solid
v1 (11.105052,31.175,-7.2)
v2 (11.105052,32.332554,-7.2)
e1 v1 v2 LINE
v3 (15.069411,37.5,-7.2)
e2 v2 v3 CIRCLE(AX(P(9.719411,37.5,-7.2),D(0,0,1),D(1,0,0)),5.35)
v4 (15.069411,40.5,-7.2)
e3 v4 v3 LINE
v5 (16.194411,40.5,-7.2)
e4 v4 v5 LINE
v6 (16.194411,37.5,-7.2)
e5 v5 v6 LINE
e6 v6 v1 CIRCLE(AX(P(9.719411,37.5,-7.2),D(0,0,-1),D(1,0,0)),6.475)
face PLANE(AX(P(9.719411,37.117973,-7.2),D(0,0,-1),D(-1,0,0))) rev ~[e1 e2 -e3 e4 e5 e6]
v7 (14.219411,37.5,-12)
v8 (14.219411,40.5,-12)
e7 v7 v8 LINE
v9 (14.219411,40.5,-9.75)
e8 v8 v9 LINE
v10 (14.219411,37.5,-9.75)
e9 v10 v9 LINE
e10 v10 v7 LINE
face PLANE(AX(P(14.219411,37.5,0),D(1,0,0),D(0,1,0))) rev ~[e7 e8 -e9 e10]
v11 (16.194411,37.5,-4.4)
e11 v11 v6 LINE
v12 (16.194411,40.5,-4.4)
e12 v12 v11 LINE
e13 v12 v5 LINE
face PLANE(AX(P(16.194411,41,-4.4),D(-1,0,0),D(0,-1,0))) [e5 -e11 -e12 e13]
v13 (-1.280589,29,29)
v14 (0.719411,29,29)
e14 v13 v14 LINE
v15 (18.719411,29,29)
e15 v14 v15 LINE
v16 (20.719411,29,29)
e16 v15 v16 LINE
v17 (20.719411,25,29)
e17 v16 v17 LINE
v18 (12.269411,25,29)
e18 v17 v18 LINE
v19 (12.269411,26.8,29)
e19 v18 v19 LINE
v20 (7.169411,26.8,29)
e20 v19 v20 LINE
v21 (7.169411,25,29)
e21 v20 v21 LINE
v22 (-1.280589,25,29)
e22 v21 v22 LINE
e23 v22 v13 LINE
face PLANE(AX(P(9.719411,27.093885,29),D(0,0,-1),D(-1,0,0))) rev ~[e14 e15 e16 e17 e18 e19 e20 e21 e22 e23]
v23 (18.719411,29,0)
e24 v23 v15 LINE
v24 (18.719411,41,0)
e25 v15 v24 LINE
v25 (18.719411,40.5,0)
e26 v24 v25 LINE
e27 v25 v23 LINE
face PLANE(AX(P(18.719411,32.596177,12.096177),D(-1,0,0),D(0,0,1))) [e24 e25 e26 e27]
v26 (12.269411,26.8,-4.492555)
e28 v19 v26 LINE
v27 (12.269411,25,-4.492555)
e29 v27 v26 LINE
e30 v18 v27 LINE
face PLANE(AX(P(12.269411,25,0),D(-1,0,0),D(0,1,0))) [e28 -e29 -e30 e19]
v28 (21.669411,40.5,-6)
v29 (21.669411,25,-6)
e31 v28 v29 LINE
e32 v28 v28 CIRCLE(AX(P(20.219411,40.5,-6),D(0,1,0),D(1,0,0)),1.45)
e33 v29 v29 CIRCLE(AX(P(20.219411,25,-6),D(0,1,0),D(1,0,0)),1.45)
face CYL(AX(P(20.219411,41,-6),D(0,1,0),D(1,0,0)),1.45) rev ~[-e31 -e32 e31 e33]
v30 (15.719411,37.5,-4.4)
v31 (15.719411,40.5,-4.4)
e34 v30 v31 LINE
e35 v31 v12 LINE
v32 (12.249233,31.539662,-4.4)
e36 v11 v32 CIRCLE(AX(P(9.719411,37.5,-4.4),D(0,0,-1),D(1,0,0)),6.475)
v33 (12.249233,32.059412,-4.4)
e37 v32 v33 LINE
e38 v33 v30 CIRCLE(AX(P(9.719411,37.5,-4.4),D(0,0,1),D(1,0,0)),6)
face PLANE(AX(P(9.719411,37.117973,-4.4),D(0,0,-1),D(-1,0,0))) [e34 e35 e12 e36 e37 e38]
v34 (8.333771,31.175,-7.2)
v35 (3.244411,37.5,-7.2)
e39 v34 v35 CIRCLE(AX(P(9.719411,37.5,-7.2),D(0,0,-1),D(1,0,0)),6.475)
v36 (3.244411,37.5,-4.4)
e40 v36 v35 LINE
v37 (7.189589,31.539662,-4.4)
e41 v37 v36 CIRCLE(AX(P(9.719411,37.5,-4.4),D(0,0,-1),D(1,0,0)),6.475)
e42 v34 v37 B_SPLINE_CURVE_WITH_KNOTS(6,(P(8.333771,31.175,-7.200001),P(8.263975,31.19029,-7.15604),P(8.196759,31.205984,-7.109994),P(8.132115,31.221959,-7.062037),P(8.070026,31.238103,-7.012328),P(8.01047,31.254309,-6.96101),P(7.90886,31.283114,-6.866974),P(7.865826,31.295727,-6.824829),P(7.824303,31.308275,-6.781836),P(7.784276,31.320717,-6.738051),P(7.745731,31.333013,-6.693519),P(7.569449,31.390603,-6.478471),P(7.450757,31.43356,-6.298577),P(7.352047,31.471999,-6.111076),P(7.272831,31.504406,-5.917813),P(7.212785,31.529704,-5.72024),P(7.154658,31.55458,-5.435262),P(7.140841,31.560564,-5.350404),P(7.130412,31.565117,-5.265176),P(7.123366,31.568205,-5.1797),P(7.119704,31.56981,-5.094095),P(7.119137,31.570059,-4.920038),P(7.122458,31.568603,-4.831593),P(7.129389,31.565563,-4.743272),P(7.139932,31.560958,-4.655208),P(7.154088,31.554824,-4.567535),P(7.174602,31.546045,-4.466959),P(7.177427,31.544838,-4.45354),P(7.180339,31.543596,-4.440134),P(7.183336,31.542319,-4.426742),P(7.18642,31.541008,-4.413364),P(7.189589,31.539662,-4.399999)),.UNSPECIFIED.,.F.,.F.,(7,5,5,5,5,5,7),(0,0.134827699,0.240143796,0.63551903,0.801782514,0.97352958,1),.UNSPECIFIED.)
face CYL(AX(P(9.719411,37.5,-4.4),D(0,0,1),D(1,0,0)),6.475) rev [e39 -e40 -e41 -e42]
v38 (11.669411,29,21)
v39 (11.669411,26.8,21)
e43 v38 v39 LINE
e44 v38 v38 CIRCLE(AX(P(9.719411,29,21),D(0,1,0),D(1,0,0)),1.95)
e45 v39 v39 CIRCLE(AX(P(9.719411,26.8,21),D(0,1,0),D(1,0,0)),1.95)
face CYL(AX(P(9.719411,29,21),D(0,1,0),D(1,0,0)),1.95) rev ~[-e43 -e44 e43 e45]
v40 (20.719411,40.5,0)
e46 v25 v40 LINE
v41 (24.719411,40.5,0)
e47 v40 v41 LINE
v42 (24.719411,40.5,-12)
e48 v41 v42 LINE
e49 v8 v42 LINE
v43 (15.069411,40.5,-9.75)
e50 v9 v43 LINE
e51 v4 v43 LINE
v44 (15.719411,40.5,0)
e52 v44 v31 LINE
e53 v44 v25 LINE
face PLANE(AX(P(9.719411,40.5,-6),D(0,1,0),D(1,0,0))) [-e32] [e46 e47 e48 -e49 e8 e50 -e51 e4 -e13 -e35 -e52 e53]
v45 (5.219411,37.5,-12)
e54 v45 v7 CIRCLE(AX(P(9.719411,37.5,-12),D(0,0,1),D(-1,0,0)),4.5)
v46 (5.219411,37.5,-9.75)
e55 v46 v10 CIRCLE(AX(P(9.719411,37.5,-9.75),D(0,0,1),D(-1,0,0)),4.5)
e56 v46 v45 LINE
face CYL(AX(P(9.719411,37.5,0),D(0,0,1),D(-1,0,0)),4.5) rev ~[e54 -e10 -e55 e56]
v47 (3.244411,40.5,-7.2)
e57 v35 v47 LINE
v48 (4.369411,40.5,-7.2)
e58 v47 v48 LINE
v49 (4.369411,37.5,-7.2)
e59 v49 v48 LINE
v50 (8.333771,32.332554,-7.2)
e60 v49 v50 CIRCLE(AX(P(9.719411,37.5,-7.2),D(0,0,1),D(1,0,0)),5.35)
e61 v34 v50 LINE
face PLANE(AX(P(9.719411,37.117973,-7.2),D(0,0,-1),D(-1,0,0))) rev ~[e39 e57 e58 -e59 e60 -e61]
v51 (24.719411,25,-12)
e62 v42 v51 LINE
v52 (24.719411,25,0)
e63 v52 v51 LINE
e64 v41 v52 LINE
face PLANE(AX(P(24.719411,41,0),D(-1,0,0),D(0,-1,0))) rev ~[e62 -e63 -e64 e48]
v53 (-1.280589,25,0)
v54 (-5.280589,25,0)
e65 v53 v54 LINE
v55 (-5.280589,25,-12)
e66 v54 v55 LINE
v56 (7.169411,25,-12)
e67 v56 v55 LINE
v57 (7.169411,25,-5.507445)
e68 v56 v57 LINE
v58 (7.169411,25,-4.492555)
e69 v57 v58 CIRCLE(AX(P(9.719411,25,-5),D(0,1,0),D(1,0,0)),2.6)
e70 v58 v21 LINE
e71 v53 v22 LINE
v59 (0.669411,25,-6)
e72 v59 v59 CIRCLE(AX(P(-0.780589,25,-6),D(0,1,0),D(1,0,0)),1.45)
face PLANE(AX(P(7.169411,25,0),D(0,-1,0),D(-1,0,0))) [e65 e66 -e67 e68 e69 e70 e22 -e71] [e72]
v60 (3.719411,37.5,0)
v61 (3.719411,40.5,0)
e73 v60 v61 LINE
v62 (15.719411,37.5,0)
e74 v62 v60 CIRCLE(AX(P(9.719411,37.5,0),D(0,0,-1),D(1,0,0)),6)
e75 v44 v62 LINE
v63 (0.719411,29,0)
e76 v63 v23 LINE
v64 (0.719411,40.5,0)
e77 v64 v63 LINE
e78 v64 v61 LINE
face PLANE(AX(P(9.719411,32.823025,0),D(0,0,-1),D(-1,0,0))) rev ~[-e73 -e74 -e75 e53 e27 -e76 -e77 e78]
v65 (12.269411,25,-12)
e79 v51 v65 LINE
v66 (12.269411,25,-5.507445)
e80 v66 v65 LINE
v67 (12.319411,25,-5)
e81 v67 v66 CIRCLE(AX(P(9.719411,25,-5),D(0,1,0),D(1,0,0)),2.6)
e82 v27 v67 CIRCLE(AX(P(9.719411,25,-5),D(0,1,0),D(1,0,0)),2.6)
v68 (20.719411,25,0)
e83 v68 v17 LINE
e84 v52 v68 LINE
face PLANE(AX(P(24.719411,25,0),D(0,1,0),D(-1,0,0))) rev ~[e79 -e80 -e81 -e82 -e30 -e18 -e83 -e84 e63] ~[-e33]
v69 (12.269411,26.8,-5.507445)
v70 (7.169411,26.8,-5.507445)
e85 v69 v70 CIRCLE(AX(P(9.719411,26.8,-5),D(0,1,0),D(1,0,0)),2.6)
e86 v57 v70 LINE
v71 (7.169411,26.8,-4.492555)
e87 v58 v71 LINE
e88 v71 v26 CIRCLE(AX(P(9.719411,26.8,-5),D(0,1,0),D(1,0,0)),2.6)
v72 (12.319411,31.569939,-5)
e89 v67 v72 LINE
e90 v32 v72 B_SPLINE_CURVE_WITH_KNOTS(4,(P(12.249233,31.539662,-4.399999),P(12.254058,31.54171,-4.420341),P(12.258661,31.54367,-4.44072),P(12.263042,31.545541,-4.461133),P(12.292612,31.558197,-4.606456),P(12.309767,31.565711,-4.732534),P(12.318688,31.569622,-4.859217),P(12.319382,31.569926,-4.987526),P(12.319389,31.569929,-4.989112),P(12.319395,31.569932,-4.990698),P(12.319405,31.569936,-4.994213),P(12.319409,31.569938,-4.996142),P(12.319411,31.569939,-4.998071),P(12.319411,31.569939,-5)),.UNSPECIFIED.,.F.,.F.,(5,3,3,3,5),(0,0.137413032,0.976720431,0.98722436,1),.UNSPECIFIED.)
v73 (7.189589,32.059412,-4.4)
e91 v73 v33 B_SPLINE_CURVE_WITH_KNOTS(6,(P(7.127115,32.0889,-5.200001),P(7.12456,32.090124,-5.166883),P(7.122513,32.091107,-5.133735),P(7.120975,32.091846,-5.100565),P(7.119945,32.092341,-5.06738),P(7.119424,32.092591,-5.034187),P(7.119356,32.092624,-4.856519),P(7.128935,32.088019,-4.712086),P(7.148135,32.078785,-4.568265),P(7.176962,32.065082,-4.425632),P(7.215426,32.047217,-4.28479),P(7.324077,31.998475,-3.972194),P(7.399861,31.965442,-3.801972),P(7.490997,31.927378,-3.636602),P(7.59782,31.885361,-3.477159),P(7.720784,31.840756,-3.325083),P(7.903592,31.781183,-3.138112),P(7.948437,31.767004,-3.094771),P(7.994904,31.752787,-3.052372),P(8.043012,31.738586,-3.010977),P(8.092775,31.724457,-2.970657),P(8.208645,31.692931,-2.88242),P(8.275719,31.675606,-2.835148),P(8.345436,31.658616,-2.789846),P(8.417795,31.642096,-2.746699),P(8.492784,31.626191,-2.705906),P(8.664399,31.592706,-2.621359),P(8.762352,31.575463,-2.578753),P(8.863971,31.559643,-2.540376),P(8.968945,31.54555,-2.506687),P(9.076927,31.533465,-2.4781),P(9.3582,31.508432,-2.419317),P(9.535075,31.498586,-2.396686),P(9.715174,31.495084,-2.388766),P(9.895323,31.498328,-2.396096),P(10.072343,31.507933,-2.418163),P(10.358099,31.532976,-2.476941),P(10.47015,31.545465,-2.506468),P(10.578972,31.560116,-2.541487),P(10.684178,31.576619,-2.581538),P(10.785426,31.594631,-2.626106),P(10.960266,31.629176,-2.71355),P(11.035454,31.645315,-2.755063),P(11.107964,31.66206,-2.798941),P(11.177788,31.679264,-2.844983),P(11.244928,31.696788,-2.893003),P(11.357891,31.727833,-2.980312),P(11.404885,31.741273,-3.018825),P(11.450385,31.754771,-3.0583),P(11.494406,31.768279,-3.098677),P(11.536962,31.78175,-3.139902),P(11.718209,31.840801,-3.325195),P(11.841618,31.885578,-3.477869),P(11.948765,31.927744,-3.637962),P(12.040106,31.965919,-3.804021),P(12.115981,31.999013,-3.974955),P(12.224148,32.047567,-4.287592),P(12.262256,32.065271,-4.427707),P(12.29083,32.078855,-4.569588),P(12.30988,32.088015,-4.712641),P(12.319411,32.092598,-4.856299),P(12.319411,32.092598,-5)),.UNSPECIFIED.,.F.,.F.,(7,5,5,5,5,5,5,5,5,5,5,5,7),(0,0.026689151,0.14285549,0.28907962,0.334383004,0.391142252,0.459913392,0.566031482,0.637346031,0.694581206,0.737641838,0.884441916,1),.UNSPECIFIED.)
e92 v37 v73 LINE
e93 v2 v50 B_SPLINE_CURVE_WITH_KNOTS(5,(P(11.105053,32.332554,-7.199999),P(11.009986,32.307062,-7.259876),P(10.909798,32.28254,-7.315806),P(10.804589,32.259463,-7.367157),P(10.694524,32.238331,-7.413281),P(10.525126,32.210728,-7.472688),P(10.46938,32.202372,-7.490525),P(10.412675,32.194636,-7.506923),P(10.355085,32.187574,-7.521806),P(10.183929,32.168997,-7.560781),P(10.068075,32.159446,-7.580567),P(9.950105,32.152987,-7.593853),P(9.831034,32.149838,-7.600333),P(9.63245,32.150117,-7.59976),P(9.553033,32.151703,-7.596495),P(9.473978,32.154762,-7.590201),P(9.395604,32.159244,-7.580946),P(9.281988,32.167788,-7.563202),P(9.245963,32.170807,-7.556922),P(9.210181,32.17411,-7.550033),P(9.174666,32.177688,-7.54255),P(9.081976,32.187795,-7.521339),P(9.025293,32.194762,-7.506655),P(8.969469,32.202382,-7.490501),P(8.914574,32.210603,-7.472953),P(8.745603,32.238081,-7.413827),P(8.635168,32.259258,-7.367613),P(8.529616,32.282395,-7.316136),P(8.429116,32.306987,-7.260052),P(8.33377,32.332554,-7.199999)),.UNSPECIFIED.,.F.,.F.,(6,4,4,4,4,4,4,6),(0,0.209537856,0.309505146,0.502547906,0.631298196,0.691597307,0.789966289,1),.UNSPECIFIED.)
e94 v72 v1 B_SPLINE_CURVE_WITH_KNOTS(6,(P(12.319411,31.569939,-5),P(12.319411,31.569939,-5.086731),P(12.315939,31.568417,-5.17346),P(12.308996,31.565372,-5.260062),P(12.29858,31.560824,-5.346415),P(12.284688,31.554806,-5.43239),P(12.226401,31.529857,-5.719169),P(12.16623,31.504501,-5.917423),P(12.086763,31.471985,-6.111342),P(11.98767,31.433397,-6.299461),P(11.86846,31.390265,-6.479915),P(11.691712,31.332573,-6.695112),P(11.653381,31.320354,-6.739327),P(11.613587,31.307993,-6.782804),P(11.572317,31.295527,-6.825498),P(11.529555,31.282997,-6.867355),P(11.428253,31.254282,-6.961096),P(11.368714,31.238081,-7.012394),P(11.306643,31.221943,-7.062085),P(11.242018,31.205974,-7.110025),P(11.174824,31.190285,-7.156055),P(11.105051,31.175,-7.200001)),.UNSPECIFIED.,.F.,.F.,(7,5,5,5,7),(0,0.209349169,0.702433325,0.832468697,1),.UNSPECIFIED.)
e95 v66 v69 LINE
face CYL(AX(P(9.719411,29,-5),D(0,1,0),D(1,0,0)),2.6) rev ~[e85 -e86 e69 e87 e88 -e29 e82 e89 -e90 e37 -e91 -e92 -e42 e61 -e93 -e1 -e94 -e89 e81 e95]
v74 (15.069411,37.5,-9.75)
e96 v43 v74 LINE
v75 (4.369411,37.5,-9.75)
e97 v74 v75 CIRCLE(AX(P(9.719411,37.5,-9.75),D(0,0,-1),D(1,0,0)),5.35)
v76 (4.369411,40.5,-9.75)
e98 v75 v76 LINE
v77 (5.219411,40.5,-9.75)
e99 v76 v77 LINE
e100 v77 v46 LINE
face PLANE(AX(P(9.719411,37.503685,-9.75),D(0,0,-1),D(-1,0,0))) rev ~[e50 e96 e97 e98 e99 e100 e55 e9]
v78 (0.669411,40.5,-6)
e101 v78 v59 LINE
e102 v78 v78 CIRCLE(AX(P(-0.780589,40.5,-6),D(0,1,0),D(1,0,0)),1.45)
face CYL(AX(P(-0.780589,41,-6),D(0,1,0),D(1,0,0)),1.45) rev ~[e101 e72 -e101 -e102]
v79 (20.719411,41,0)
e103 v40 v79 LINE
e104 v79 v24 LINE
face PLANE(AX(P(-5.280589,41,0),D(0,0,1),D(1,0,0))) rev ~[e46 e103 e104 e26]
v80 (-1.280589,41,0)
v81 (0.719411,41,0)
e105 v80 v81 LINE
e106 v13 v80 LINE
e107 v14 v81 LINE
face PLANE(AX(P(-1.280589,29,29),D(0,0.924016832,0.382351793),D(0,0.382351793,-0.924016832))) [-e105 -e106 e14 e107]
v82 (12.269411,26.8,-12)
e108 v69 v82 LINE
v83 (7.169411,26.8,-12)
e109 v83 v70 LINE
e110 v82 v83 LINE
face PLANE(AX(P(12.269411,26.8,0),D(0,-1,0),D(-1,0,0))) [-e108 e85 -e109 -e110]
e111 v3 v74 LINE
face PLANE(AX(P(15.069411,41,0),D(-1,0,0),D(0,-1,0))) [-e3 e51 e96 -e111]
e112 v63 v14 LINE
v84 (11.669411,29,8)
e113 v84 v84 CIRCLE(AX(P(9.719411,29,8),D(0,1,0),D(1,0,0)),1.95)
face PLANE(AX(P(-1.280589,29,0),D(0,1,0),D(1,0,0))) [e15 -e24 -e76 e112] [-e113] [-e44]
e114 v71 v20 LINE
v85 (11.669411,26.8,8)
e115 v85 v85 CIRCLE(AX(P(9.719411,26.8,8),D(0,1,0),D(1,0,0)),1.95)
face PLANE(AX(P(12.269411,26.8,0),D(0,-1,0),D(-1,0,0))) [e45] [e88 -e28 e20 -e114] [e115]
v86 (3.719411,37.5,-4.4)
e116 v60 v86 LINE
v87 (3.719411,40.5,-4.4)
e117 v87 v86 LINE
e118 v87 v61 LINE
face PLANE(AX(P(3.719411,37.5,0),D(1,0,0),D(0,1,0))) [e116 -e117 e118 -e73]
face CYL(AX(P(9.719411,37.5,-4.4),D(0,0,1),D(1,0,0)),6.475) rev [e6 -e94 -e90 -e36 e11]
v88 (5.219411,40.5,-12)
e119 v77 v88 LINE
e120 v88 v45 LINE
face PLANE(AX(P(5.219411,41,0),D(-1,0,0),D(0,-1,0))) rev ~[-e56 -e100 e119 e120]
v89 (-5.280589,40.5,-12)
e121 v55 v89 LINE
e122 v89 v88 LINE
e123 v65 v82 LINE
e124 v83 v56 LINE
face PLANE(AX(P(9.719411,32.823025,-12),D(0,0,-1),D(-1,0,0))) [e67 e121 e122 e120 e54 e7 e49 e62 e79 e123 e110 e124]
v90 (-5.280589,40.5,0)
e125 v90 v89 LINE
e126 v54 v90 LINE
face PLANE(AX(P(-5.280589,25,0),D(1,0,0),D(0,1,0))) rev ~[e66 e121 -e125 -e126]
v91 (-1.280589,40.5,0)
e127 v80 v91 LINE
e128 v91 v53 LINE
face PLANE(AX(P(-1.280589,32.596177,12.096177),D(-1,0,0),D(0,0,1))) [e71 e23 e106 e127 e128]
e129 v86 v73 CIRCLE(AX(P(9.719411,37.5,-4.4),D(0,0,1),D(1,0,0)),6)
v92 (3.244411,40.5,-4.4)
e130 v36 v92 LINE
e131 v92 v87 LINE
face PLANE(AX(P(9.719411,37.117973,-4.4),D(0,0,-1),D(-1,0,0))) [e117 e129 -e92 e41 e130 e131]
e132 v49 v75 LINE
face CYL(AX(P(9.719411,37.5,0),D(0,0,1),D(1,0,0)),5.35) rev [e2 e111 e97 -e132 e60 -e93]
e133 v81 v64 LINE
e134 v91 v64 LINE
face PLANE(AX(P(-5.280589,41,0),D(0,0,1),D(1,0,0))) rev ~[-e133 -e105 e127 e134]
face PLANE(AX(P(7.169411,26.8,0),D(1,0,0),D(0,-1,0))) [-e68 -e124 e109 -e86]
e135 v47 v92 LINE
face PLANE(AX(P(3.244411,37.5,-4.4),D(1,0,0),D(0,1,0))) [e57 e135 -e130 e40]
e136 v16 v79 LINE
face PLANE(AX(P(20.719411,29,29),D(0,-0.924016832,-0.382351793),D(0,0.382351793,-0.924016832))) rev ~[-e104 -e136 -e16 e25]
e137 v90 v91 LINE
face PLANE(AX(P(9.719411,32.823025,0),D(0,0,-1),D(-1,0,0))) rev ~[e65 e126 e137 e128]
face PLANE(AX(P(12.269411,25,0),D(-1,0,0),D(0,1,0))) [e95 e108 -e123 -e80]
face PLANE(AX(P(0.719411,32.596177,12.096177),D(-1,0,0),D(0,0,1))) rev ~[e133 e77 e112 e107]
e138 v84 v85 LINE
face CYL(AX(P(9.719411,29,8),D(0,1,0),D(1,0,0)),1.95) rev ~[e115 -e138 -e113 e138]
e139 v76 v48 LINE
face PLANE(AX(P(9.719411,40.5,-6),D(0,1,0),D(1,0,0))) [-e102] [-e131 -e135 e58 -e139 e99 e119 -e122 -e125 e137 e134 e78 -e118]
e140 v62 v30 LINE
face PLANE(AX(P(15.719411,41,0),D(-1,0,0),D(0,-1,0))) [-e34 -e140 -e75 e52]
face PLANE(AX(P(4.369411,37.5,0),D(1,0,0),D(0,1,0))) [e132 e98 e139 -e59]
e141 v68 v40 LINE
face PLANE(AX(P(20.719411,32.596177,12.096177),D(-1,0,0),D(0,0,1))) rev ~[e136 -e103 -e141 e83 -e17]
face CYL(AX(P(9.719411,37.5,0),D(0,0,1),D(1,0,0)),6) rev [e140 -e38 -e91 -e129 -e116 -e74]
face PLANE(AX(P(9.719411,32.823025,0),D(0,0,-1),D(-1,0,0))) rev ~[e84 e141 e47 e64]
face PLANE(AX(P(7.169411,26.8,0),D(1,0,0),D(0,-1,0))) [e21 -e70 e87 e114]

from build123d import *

# Parameters (mm, degrees)
BOSS_EXTRUDE1_DEPTH = 12
CUT_EXTRUDE1_DEPTH  = 9.75
CUT_EXTRUDE4_START  = -4.4
CUT_EXTRUDE4_DEPTH  = 2.8
SKETCH3_R           = 1.45
CUT_EXTRUDE2_DEPTH  = 18
BOSS_EXTRUDE2_DEPTH = 29
SKETCH5_R           = 1.95
SKETCH5_R_2         = 2.6
CUT_EXTRUDE3_DEPTH  = 14.5
BOSS_EXTRUDE3_DEPTH = 2
BOSS_EXTRUDE4_START = -22
BOSS_EXTRUDE4_DEPTH = 2
CUT_EXTRUDE5_DEPTH  = 5.2
SKETCH9_W           = 30
SKETCH9_H           = 12
CUT_EXTRUDE6_DEPTH  = 0.5


with BuildPart() as part:
    # Sketch1 → Boss-Extrude1 (new body)
    with BuildSketch(Plane.XY):
        with BuildLine():
            Line((-5.280588843, 25), (-5.280588843, 41))
            Line((-5.280588843, 41), (5.219411157, 41))
            Line((5.219411157, 41), (5.219411157, 37.5))
            ThreePointArc((5.219411157, 37.5), (9.719411157, 33), (14.219411157, 37.5))
            Line((14.219411157, 37.5), (14.219411157, 41))
            Line((14.219411157, 41), (24.719411157, 41))
            Line((24.719411157, 41), (24.719411157, 25))
            Line((24.719411157, 25), (12.269411157, 25))
            Line((12.269411157, 25), (12.269411157, 26.8))
            Line((12.269411157, 26.8), (7.169411157, 26.8))
            Line((7.169411157, 26.8), (7.169411157, 25))
            Line((7.169411157, 25), (-5.280588843, 25))
        make_face()
    extrude(amount=-BOSS_EXTRUDE1_DEPTH)

    # Sketch2 → Cut-Extrude1 (cut)
    with BuildSketch(Plane.XY):
        with BuildLine():
            Line((4.369411157, 37.5), (4.369411157, 41))
            Line((4.369411157, 41), (15.069411157, 41))
            Line((15.069411157, 41), (15.069411157, 37.5))
            ThreePointArc((15.069411157, 37.5), (9.719411157, 32.15), (4.369411157, 37.5))
        make_face()
    extrude(amount=-CUT_EXTRUDE1_DEPTH, mode=Mode.SUBTRACT)

    # Sketch7 → Cut-Extrude4 (cut)
    with BuildSketch(Plane.XY.offset(CUT_EXTRUDE4_START)):
        with BuildLine():
            Line((3.244411157, 37.5), (3.244411157, 41))
            Line((3.244411157, 41), (16.194411157, 41))
            Line((16.194411157, 41), (16.194411157, 37.5))
            ThreePointArc((16.194411157, 37.5), (9.719411157, 31.025), (3.244411157, 37.5))
        make_face()
    extrude(amount=-CUT_EXTRUDE4_DEPTH, mode=Mode.SUBTRACT)

    # Sketch3 → Cut-Extrude2 (cut)
    with BuildSketch(Plane(origin=(0, 41, 0), x_dir=(1, 0, 0), z_dir=(0, 1, 0))):
        with Locations((20.219411157, 6)):
            Circle(SKETCH3_R)
        with Locations((-0.780588843, 6)):
            Circle(SKETCH3_R)
    extrude(amount=-CUT_EXTRUDE2_DEPTH, mode=Mode.SUBTRACT)

    # Sketch4 → Boss-Extrude2 (add)
    with BuildSketch(Plane.XY):
        Polygon((-1.280588843, 25), (-1.280588843, 29), (20.719411157, 29), (20.719411157, 25), (12.269411157, 25), (12.269411157, 26.8), (7.169411157, 26.8), (7.169411157, 25), align=None)
    extrude(amount=BOSS_EXTRUDE2_DEPTH)

    # Sketch5 → Cut-Extrude3 (cut, symmetric)
    with BuildSketch(Plane(origin=(0, 29, 0), x_dir=(1, 0, 0), z_dir=(0, 1, 0))):
        with Locations((9.719411157, -21)):
            Circle(SKETCH5_R)
        with Locations((9.719411157, -8)):
            Circle(SKETCH5_R)
        with Locations((9.719411157, 5)):
            Circle(SKETCH5_R_2)
    extrude(amount=CUT_EXTRUDE3_DEPTH, both=True, mode=Mode.SUBTRACT)

    # Sketch6 → Boss-Extrude3 (add)
    with BuildSketch(Plane.ZY.offset(1.280588843)):
        Polygon((29, 29), (0, 41), (0, 29), align=None)
    extrude(amount=-BOSS_EXTRUDE3_DEPTH)

    # Sketch6<2> → Boss-Extrude4 (add)
    with BuildSketch(Plane.ZY.offset(1.280588843).offset(BOSS_EXTRUDE4_START)):
        Polygon((29, 29), (0, 41), (0, 29), align=None)
    extrude(amount=BOSS_EXTRUDE4_DEPTH)

    # Sketch8 → Cut-Extrude5 (cut)
    with BuildSketch(Plane.XY):
        with BuildLine():
            Line((3.719411157, 37.5), (3.719411157, 41))
            Line((3.719411157, 41), (15.719411157, 41))
            Line((15.719411157, 41), (15.719411157, 37.5))
            ThreePointArc((15.719411157, 37.5), (9.719411157, 31.5), (3.719411157, 37.5))
        make_face()
    extrude(amount=-CUT_EXTRUDE5_DEPTH, mode=Mode.SUBTRACT)

    # Sketch9 → Cut-Extrude6 (cut)
    with BuildSketch(Plane(origin=(0, 41, 0), x_dir=(1, 0, 0), z_dir=(0, 1, 0))):
        with Locations((9.719411157, 6)):
            Rectangle(SKETCH9_W, SKETCH9_H)
    extrude(amount=-CUT_EXTRUDE6_DEPTH, mode=Mode.SUBTRACT)


solid = part.part
